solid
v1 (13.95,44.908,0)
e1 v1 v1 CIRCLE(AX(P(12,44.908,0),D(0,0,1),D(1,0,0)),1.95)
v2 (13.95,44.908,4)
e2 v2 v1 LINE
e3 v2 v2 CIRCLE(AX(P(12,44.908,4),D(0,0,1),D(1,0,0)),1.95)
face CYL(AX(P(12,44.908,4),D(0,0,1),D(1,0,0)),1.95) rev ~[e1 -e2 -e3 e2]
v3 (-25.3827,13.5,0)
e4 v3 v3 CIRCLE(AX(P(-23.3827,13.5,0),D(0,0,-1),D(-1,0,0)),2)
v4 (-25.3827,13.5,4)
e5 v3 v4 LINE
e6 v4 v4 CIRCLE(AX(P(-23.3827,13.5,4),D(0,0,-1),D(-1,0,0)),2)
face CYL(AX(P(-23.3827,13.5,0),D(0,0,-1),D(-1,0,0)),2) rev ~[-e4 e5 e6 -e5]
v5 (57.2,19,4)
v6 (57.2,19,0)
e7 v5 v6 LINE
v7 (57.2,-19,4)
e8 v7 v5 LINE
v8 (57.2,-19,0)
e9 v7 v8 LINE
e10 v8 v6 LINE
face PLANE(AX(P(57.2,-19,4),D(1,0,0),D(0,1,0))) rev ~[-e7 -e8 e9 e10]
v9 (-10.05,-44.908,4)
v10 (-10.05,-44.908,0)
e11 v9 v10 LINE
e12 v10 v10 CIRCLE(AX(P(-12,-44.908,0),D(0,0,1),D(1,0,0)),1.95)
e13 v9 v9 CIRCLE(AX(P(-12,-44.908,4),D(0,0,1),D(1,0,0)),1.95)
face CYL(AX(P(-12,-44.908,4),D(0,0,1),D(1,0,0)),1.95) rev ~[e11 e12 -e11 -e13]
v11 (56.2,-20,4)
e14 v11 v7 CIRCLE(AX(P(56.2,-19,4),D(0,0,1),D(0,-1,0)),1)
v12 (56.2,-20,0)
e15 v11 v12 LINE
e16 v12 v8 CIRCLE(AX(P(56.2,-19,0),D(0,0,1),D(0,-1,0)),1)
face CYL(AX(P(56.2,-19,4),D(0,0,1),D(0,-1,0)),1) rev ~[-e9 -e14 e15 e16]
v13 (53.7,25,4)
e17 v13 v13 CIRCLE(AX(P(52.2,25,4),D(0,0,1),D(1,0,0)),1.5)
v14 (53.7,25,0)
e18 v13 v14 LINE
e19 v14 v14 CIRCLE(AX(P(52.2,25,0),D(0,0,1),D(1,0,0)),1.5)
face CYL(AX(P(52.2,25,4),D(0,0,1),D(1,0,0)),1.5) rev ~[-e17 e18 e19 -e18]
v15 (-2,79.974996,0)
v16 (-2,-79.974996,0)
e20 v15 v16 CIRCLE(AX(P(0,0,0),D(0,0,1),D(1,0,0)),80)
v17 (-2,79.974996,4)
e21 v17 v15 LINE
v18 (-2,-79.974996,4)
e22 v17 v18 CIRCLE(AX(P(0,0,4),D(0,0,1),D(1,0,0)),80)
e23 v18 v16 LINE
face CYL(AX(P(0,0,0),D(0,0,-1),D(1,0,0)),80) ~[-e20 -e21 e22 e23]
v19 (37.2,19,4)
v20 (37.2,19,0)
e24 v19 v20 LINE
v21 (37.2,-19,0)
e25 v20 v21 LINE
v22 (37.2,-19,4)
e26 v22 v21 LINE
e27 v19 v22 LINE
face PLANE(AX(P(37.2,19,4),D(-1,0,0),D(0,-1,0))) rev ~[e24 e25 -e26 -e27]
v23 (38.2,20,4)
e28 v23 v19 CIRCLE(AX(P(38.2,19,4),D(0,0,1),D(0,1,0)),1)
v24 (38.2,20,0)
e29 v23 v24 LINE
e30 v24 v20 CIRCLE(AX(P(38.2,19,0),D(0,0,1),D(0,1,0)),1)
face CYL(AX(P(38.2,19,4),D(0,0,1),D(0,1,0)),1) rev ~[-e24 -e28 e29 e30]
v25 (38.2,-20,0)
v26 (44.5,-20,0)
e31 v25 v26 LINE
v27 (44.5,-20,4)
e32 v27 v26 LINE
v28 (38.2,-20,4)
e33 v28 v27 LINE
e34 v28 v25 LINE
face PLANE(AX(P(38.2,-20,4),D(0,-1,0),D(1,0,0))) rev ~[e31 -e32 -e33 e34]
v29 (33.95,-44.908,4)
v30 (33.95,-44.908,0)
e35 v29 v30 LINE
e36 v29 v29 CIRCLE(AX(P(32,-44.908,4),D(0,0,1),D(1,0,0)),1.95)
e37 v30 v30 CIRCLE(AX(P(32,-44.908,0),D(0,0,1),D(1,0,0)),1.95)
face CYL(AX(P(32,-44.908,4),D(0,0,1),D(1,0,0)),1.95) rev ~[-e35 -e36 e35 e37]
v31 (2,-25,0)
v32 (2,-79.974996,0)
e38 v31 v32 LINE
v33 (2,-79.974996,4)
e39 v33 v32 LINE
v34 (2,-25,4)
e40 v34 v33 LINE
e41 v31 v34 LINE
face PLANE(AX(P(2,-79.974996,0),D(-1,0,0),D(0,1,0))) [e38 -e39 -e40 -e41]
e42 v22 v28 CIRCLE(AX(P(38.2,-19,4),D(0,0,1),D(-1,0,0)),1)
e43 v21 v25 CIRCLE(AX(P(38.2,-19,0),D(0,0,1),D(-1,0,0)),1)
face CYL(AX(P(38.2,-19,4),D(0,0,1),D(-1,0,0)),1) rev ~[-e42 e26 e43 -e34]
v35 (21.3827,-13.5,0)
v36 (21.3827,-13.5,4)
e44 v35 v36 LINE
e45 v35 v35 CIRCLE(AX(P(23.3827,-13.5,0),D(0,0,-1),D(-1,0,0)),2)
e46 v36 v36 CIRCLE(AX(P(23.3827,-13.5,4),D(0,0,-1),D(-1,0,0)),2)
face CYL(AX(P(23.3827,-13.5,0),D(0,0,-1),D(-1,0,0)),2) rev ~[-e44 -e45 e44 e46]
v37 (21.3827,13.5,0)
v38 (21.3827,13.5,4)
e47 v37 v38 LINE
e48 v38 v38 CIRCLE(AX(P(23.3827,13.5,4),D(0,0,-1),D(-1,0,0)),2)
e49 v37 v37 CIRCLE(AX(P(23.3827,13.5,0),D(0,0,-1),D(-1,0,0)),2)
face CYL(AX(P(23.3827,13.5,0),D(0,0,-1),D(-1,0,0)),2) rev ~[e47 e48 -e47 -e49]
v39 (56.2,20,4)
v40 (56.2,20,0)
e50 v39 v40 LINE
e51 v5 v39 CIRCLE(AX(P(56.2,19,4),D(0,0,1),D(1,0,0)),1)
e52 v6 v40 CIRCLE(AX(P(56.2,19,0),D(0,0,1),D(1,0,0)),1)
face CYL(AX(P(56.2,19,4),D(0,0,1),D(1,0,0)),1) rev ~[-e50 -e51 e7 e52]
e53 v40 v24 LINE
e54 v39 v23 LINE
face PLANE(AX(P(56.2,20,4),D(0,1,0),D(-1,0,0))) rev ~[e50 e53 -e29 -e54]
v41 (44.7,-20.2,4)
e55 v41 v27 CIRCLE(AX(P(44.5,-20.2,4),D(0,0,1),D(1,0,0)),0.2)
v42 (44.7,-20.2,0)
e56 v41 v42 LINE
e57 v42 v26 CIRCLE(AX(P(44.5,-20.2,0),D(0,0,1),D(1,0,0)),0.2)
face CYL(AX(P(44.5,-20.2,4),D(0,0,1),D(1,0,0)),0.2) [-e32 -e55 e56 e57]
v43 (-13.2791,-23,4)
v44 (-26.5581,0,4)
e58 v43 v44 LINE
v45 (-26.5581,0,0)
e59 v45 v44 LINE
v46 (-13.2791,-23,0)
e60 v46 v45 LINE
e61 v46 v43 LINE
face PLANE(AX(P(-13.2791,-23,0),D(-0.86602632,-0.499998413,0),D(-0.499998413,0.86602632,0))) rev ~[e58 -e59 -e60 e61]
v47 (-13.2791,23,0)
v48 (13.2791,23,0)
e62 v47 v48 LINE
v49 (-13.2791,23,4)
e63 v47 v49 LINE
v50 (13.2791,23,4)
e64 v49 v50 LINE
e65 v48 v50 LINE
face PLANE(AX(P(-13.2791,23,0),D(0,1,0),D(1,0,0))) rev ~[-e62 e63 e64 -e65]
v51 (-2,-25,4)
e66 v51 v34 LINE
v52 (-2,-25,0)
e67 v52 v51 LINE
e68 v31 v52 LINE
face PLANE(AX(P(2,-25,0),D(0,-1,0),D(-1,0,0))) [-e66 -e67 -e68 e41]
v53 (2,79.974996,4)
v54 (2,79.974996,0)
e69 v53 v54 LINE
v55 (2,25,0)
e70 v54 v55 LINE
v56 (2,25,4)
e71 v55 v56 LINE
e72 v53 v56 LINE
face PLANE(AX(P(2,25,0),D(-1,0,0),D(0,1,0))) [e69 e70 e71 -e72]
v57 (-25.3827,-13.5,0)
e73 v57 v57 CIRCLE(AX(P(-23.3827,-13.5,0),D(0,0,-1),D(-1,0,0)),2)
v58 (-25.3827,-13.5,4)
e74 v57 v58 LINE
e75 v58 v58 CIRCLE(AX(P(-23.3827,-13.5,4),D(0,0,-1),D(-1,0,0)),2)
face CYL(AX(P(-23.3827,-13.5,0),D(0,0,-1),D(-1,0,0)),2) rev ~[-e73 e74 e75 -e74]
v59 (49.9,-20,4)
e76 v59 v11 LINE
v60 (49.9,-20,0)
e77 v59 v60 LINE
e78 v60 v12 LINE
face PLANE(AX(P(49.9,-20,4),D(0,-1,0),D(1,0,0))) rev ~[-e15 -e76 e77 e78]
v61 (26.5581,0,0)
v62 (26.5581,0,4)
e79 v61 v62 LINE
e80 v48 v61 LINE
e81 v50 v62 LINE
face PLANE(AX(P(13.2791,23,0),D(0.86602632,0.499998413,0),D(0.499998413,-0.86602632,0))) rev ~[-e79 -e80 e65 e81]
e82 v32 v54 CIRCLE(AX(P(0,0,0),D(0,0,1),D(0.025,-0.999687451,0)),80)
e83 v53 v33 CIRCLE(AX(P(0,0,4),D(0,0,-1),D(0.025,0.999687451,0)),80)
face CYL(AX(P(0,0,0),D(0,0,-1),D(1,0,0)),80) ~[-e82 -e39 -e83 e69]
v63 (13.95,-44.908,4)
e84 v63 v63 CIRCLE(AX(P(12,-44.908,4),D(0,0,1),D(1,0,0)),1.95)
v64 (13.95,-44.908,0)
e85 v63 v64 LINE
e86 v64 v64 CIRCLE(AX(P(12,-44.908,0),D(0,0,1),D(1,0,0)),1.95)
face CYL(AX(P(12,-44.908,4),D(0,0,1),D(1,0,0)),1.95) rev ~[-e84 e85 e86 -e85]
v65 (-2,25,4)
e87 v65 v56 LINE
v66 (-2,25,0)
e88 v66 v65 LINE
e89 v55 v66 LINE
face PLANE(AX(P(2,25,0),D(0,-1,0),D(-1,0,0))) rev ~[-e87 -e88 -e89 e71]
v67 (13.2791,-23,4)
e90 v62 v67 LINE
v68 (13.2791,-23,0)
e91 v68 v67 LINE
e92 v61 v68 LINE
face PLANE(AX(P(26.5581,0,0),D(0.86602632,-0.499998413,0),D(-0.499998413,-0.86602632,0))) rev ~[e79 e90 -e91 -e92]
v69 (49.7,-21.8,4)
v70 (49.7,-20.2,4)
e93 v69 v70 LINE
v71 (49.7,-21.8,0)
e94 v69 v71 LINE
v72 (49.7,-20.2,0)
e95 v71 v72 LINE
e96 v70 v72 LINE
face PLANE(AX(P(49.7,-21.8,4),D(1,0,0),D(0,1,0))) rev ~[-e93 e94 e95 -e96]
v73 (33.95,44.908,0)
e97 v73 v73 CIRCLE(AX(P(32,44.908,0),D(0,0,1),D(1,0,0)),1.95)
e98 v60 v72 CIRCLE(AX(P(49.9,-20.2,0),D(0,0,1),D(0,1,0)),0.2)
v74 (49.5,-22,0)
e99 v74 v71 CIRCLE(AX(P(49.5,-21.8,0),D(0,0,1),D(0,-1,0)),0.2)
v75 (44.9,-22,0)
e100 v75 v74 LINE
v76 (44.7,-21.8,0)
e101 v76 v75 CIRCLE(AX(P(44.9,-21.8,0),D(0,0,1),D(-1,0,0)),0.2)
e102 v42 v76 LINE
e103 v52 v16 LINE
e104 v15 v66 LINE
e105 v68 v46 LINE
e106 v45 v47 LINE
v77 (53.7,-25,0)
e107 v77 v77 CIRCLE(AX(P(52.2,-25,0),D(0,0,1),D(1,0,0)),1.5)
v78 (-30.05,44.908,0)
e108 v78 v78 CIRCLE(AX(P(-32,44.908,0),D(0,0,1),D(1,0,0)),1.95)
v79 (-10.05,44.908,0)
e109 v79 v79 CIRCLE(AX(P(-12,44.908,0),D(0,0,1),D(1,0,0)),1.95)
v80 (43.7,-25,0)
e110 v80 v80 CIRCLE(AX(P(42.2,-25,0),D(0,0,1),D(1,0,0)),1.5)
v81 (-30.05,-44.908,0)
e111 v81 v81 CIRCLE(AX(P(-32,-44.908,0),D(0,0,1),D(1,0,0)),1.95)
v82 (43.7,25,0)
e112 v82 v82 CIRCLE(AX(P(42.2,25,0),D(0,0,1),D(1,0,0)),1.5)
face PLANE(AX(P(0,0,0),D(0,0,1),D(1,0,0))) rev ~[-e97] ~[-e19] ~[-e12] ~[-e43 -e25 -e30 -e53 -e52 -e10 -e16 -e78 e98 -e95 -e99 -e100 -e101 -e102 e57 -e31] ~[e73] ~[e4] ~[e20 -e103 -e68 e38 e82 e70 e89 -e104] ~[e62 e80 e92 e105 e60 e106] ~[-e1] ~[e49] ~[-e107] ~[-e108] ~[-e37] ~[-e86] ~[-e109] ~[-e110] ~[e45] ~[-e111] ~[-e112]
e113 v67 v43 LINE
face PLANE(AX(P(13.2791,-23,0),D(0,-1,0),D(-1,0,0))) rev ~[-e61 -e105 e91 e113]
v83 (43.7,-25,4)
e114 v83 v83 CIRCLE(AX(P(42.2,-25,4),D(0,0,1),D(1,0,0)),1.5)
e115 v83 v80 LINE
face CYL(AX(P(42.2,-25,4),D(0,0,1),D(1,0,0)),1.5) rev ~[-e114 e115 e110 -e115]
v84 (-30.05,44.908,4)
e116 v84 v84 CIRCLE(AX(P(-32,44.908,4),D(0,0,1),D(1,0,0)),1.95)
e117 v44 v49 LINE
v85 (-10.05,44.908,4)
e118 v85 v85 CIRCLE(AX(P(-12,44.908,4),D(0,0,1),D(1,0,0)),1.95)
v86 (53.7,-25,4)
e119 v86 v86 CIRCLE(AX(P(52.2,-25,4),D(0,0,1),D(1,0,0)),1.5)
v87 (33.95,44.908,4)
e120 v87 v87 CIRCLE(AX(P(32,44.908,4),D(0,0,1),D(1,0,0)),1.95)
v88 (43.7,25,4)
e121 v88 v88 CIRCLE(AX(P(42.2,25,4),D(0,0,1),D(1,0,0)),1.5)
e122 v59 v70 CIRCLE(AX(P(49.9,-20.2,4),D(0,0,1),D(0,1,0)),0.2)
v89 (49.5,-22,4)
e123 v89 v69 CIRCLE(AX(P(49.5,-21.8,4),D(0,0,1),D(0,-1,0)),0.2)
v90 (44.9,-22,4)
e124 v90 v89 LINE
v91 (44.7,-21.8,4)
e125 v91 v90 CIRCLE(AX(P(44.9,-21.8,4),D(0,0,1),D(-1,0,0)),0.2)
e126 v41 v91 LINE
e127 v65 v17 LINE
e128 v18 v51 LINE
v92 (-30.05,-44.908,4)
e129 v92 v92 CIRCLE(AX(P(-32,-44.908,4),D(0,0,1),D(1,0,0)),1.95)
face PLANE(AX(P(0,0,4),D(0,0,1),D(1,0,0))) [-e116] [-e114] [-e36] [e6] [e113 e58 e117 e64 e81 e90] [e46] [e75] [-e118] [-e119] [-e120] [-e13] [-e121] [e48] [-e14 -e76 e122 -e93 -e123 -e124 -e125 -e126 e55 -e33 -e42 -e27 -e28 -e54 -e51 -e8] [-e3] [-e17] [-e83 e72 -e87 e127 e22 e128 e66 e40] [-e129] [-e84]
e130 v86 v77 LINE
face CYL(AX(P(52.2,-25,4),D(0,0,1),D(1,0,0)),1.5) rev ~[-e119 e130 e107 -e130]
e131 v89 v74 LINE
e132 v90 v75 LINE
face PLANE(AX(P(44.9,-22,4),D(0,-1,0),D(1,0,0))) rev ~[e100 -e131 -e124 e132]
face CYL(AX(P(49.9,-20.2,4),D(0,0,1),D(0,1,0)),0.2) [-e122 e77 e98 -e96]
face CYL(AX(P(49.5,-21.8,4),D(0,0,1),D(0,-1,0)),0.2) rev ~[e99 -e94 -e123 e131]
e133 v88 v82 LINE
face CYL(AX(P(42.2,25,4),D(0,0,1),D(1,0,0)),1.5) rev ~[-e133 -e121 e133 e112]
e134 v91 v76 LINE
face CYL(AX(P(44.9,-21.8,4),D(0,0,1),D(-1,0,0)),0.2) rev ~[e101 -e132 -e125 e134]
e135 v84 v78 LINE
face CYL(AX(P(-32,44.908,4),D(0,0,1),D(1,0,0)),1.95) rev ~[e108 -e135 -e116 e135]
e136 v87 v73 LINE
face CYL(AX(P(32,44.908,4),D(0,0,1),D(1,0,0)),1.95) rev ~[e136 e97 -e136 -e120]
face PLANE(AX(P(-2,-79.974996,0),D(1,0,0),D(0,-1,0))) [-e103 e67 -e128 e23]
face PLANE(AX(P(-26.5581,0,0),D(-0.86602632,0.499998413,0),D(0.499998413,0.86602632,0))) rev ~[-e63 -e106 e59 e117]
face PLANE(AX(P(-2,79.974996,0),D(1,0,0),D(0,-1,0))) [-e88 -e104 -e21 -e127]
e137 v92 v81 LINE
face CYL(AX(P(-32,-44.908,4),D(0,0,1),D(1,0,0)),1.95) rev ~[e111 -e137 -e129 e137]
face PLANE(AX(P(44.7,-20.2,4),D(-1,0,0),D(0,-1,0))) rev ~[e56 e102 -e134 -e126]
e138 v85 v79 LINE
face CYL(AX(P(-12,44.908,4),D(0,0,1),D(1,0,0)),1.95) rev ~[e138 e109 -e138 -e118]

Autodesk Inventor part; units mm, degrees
ref_plane "YZ Plane" through (0, 0, 0) normal (1, 0, 0) x (0, 1, 0)
ref_plane "XZ Plane" through (0, 0, 0) normal (0, 1, 0) x (-1, 0, 0)
ref_plane "XY Plane" through (0, 0, 0) normal (0, 0, 1) x (1, 0, 0)
sketch "Эскиз1" plane through (0, 0, 0) normal (0, 0, 1) x (1, 0, 0)
  circle A0 centre (0, 0) radius 80
  line L0 (26.5581, 0) -> (13.2791, -23)
  line L1 (13.2791, -23) -> (-13.2791, -23)
  line L2 (-13.2791, -23) -> (-26.5581, 0)
  line L3 (-26.5581, 0) -> (-13.2791, 23)
  line L4 (-13.2791, 23) -> (13.2791, 23)
  line L5 (13.2791, 23) -> (26.5581, 0)
  dimension "d49" = 160
  dimension "d50" = 46
extrude "Выдавливание1" add sketch "Эскиз1" along normal blind 4
sketch "Эскиз2" plane through (0, 0, 0) normal (0, 0, -1) x (-1, 0, 0)
  circle A0 centre (0, 0) radius 80 projected
  line L0 (0, 80) -> (0, -80) construction
  line L1 (2, -80) -> (-2, -80)
  line L2 (-2, -80) -> (-2, 80)
  line L3 (-2, 80) -> (2, 80)
  line L4 (2, 80) -> (2, -80)
  line L5 (2, -80) -> (-2, 80) construction
  line L6 (-2, -80) -> (2, 80) construction
  line L7 (-2, 25) -> (2, 25)
  line L8 (-2, -25) -> (2, -25)
  point P0 (0, -25)
  point P1 (0, 80)
  point P2 (0, 25)
  dimension "d2" = 4
  dimension "d3" = 160
  dimension "d4" = 55
  dimension "d5" = 55
extrude "Выдавливание2" cut sketch "Эскиз2" against normal blind 10 contours L4 L7 L2 A0 | A0 L3 L4 | L4 L1 A0 | A0 L2 L8 L4 | A0 L2 L3 | L1 L2 A0
sketch "Эскиз4" plane through (0, 0, 4) normal (0, 0, 1) x (1, 0, 0)
  line L0 (56.2, 20) -> (38.2, 20)
  line L1 (37.2, 19) -> (37.2, -19)
  line L2 (57.2, -19) -> (57.2, 19)
  arc A0 (38.2, 20) -> (37.2, 19) centre (38.2, 19) ccw
  arc A1 (37.2, -19) -> (38.2, -20) centre (38.2, -19) ccw
  arc A2 (56.2, -20) -> (57.2, -19) centre (56.2, -19) ccw
  arc A3 (57.2, 19) -> (56.2, 20) centre (56.2, 19) ccw
  line L3 (44.9, -22) -> (49.5, -22)
  line L4 (49.7, -21.8) -> (49.7, -20.2)
  line L5 (49.7, -20) -> (47.2, -20) construction
  line L6 (44.7, -20.2) -> (44.7, -21.8)
  line L7 (49.7, -20) -> (44.7, -22) construction
  line L8 (47.2, -21) -> (47.2, -20) construction
  line L9 (0, 0) -> (112.2307, 0) construction
  line L10 (56.9071, 19.7071) -> (37.4929, -19.7071) construction
  line L11 (37.4929, 19.7071) -> (56.9071, -19.7071) construction
  line L12 (47.2, 20) -> (47.2, -20) construction
  line L13 (38.2, -20) -> (44.5, -20)
  line L14 (49.9, -20) -> (56.2, -20)
  arc A4 (49.9, -20) -> (49.7, -20.2) centre (49.9, -20.2) ccw
  arc A5 (44.7, -20.2) -> (44.5, -20) centre (44.5, -20.2) ccw
  arc A6 (44.7, -21.8) -> (44.9, -22) centre (44.9, -21.8) ccw
  arc A7 (49.5, -22) -> (49.7, -21.8) centre (49.5, -21.8) ccw
  line L15 (0, 0) -> (0, 111.2909) construction
  line L16 (47.2, -20) -> (47.2, -24.7856) construction
  point P0 (47.3361, 0)
  point P1 (49.7, -22)
  point P2 (44.7, -20)
  point P3 (47.2, 0)
  dimension "d35" = 1
  dimension "d40" = 5
  dimension "d41" = 2
  dimension "d42" = 20
  dimension "d44" = 37.2
  dimension "d45" = 0.2
  dimension "d46" = 38
extrude "Выдавливание4" cut sketch "Эскиз4" against normal blind 10
sketch "Эскиз6" plane through (0, 0, 4) normal (0, 0, 1) x (1, 0, 0)
  circle A0 centre (42.2, -25) radius 1.5
  circle A1 centre (52.2, -25) radius 1.5
  line L0 (42.2, -25) -> (52.2, -25) construction
  line L1 (52.2, -25) -> (52.2, 25) construction
  line L2 (52.2, 25) -> (42.2, 25) construction
  line L3 (42.2, 25) -> (42.2, -25) construction
  line L4 (42.2, -25) -> (52.2, 25) construction
  circle A2 centre (42.2, 25) radius 1.5
  circle A3 centre (52.2, 25) radius 1.5
  arc A4 (38.2, 20) -> (37.2, 19) centre (38.2, 19) ccw projected
  arc A5 (56.2, -20) -> (57.2, -19) centre (56.2, -19) ccw projected
  line L5 (38.2, 19) -> (56.2, -19) construction
  point P0 (0, 0)
  point P1 (47.2, 0)
  dimension "d15" = 3
  dimension "d16" = 50
  dimension "d17" = 10
  dimension "d20" = 3
  dimension "d21" = 3
  dimension "d22" = 3
extrude "Выдавливание5" cut sketch "Эскиз6" against normal blind 10
sketch "Эскиз8" plane through (0, 0, 4) normal (0, 0, 1) x (1, 0, 0)
  circle A0 centre (-32, 44.908) radius 2.55 construction
  circle A1 centre (-12, 44.908) radius 2.55 construction
  circle A2 centre (12, 44.908) radius 2.55 construction
  circle A3 centre (32, 44.908) radius 2.55 construction
  circle A4 centre (32, -44.908) radius 2.55 construction
  circle A5 centre (12, -44.908) radius 2.55 construction
  circle A6 centre (-32, -44.908) radius 2.55 construction
  circle A7 centre (-12, -44.908) radius 2.55 construction
  circle A8 centre (-32, 44.908) radius 1.95
  circle A9 centre (-12, 44.908) radius 1.95
  circle A10 centre (12, 44.908) radius 1.95
  circle A11 centre (32, 44.908) radius 1.95
  circle A12 centre (-32, -44.908) radius 1.95
  circle A13 centre (-12, -44.908) radius 1.95
  circle A14 centre (12, -44.908) radius 1.95
  circle A15 centre (32, -44.908) radius 1.95
  point P0 (0, 0)
  dimension "d23" = 3.9
  dimension "d24" = 3.9
  dimension "d25" = 3.9
  dimension "d26" = 3.9
  dimension "d27" = 3.9
  dimension "d28" = 3.9
  dimension "d29" = 3.9
  dimension "d30" = 3.9
extrude "Выдавливание6" cut sketch "Эскиз8" against normal blind 10
sketch "Эскиз9" plane through (0, 0, 0) normal (0, 0, -1) x (-1, 0, 0)
  circle A0 centre (-23.3827, -13.5) radius 2 projected
  circle A1 centre (-23.3827, 13.5) radius 2 projected
  circle A2 centre (23.3827, 13.5) radius 2 projected
  circle A3 centre (23.3827, -13.5) radius 2 projected
extrude "Выдавливание7" cut sketch "Эскиз9" against normal blind 10
properties part number "лицо1"
